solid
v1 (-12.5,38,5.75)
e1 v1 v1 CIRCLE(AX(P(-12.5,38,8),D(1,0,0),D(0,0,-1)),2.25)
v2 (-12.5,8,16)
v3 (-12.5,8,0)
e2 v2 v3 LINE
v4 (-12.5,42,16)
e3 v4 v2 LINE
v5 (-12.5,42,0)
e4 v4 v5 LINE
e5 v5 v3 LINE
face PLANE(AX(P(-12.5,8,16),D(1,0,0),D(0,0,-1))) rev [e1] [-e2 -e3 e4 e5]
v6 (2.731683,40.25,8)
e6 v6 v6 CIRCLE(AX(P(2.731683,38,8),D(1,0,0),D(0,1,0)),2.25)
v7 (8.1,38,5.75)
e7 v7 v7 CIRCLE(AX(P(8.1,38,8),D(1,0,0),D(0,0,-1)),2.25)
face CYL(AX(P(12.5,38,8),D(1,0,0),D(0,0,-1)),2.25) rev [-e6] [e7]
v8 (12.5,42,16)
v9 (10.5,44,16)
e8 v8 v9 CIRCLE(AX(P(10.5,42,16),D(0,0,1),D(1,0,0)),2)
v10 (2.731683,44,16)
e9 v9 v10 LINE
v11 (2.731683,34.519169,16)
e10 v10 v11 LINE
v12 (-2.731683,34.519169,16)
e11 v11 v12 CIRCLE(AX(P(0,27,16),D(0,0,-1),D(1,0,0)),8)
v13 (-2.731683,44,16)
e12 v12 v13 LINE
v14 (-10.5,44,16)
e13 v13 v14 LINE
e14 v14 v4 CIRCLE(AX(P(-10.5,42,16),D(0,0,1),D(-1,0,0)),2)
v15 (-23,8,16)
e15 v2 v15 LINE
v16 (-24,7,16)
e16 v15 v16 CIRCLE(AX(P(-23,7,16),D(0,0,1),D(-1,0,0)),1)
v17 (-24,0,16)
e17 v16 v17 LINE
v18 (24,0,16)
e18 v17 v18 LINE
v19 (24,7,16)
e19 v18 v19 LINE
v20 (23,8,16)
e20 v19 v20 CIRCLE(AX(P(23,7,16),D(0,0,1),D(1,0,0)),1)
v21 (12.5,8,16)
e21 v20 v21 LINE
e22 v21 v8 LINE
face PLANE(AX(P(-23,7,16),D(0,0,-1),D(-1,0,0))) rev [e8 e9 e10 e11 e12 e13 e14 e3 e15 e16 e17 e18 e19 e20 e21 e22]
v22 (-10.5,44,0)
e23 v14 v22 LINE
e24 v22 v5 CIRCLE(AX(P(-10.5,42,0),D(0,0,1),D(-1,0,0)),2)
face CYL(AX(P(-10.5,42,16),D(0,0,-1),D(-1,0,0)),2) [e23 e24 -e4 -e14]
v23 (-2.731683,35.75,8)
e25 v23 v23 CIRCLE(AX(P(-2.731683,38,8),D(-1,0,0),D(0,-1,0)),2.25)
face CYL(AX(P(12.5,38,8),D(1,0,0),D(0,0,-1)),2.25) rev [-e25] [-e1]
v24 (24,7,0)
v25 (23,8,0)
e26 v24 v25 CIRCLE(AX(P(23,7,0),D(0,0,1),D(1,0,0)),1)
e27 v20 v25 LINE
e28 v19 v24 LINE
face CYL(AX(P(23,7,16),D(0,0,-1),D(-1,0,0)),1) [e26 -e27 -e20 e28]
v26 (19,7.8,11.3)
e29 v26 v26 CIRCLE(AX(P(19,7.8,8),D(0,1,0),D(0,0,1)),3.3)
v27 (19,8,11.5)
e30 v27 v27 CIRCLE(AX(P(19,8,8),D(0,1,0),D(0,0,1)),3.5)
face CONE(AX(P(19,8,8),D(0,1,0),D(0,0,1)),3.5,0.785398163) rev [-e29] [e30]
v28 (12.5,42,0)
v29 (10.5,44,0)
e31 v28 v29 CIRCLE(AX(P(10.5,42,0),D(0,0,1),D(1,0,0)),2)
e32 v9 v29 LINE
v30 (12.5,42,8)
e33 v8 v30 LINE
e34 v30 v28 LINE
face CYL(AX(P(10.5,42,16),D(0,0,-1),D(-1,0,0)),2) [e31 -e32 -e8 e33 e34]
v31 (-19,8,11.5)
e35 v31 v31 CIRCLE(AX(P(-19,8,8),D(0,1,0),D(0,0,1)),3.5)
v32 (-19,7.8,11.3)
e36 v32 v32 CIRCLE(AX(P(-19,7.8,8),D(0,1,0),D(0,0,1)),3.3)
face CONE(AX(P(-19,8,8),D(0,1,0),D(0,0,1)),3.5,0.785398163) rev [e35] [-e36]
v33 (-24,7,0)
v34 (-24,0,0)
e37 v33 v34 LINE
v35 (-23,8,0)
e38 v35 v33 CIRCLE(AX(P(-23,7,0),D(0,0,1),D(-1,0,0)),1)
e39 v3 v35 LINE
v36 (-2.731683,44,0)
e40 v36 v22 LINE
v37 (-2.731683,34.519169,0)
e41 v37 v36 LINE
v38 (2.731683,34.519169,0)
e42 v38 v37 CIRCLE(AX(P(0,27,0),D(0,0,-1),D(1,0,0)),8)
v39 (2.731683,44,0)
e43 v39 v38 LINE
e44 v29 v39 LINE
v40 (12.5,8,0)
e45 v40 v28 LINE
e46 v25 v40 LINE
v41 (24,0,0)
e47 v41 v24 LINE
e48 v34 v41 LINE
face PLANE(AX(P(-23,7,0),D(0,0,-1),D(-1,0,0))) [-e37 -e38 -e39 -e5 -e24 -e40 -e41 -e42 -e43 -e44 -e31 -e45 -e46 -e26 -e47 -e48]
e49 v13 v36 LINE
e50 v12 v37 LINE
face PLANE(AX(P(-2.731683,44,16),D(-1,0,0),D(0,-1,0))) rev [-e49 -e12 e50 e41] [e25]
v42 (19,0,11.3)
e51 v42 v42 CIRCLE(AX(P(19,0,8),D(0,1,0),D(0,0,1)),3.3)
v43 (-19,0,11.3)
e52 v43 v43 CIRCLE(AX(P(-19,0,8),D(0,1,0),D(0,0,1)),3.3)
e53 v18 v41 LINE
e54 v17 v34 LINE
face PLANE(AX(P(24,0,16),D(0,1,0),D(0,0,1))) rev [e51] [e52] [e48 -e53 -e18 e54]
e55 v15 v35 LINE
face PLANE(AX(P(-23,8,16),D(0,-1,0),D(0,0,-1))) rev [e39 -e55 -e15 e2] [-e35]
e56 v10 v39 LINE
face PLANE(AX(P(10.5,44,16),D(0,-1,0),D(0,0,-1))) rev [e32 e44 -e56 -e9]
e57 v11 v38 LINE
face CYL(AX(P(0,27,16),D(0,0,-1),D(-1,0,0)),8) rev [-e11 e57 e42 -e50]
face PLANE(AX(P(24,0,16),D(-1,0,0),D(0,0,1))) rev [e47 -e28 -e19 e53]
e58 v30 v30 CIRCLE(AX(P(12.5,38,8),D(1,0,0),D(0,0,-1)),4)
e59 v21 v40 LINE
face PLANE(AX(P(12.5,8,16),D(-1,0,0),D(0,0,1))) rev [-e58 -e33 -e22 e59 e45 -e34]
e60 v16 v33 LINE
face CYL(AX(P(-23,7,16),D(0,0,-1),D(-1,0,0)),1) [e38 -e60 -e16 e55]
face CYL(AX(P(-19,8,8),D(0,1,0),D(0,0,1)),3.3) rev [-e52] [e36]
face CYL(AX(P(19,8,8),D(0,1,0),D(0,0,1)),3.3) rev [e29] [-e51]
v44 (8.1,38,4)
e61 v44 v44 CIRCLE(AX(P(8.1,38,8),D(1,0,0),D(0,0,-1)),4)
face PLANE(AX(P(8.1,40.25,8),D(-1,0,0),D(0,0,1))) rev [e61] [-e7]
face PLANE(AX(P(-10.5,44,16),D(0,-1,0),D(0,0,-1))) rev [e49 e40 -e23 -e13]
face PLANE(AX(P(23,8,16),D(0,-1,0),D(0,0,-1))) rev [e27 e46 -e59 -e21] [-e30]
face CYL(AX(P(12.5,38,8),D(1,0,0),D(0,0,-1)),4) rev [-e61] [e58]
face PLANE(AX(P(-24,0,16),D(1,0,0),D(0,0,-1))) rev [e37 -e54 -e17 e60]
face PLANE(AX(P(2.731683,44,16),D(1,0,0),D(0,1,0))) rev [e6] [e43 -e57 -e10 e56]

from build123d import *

# Parameters (mm, degrees)
BOSS_EXTRUDE1_DEPTH                                  = 16
CSK_FOR_M5_HEX_SOCKET_COUNTERSUNK_CAP_SC_D           = 6.6
CSK_FOR_M5_HEX_SOCKET_COUNTERSUNK_CAP_SC_CSINK_D     = 7
CSK_FOR_M5_HEX_SOCKET_COUNTERSUNK_CAP_SC_CSINK_ANGLE = 90
CBORE_FOR_M4_HEX_SOCKET_HEAD_CAP_SCREW1_D            = 4.5
CBORE_FOR_M4_HEX_SOCKET_HEAD_CAP_SCREW1_CBORE_D      = 8
CBORE_FOR_M4_HEX_SOCKET_HEAD_CAP_SCREW1_CBORE_DEPTH  = 4.4


with BuildPart() as part:
    # Sketch1 → Boss-Extrude1 (new body)
    with BuildSketch(Plane.XY):
        with BuildLine():
            Line((24, 0), (-24, 0))
            Line((-24, 0), (-24, 7))
            ThreePointArc((-24, 7), (-23.707106781, 7.707106781), (-23, 8))
            Line((-23, 8), (-12.5, 8))
            Line((-12.5, 8), (-12.5, 42))
            ThreePointArc((-12.5, 42), (-11.914213562, 43.414213562), (-10.5, 44))
            Line((-10.5, 44), (-2.731683137, 44))
            Line((-2.731683137, 44), (-2.731683137, 34.519169318))
            ThreePointArc((-2.731683137, 34.519169318), (0, 19), (2.731683137, 34.519169318))
            Line((2.731683137, 34.519169318), (2.731683137, 44))
            Line((2.731683137, 44), (10.5, 44))
            ThreePointArc((10.5, 44), (11.914213562, 43.414213562), (12.5, 42))
            Line((12.5, 42), (12.5, 8))
            Line((12.5, 8), (23, 8))
            ThreePointArc((23, 8), (23.707106781, 7.707106781), (24, 7))
            Line((24, 7), (24, 0))
        make_face()
    extrude(amount=BOSS_EXTRUDE1_DEPTH)

    # CSK for M5 Hex Socket Countersunk Cap Screw1 (through all)
    with Locations(Plane(origin=(-19, 8, 8), x_dir=(0, 0, 1), z_dir=(0, 1, 0))):
        with Locations((0, 0), (0, 38)):
            CounterSinkHole(CSK_FOR_M5_HEX_SOCKET_COUNTERSUNK_CAP_SC_D / 2, CSK_FOR_M5_HEX_SOCKET_COUNTERSUNK_CAP_SC_CSINK_D / 2, counter_sink_angle=CSK_FOR_M5_HEX_SOCKET_COUNTERSUNK_CAP_SC_CSINK_ANGLE)

    # CBORE for M4 Hex Socket Head Cap Screw1 (through all)
    with Locations(Plane(origin=(12.5, 38, 8), x_dir=(0, 0, 1), z_dir=(1, 0, 0))):
        with Locations((0, 0)):
            CounterBoreHole(CBORE_FOR_M4_HEX_SOCKET_HEAD_CAP_SCREW1_D / 2, CBORE_FOR_M4_HEX_SOCKET_HEAD_CAP_SCREW1_CBORE_D / 2, CBORE_FOR_M4_HEX_SOCKET_HEAD_CAP_SCREW1_CBORE_DEPTH)


solid = part.part
